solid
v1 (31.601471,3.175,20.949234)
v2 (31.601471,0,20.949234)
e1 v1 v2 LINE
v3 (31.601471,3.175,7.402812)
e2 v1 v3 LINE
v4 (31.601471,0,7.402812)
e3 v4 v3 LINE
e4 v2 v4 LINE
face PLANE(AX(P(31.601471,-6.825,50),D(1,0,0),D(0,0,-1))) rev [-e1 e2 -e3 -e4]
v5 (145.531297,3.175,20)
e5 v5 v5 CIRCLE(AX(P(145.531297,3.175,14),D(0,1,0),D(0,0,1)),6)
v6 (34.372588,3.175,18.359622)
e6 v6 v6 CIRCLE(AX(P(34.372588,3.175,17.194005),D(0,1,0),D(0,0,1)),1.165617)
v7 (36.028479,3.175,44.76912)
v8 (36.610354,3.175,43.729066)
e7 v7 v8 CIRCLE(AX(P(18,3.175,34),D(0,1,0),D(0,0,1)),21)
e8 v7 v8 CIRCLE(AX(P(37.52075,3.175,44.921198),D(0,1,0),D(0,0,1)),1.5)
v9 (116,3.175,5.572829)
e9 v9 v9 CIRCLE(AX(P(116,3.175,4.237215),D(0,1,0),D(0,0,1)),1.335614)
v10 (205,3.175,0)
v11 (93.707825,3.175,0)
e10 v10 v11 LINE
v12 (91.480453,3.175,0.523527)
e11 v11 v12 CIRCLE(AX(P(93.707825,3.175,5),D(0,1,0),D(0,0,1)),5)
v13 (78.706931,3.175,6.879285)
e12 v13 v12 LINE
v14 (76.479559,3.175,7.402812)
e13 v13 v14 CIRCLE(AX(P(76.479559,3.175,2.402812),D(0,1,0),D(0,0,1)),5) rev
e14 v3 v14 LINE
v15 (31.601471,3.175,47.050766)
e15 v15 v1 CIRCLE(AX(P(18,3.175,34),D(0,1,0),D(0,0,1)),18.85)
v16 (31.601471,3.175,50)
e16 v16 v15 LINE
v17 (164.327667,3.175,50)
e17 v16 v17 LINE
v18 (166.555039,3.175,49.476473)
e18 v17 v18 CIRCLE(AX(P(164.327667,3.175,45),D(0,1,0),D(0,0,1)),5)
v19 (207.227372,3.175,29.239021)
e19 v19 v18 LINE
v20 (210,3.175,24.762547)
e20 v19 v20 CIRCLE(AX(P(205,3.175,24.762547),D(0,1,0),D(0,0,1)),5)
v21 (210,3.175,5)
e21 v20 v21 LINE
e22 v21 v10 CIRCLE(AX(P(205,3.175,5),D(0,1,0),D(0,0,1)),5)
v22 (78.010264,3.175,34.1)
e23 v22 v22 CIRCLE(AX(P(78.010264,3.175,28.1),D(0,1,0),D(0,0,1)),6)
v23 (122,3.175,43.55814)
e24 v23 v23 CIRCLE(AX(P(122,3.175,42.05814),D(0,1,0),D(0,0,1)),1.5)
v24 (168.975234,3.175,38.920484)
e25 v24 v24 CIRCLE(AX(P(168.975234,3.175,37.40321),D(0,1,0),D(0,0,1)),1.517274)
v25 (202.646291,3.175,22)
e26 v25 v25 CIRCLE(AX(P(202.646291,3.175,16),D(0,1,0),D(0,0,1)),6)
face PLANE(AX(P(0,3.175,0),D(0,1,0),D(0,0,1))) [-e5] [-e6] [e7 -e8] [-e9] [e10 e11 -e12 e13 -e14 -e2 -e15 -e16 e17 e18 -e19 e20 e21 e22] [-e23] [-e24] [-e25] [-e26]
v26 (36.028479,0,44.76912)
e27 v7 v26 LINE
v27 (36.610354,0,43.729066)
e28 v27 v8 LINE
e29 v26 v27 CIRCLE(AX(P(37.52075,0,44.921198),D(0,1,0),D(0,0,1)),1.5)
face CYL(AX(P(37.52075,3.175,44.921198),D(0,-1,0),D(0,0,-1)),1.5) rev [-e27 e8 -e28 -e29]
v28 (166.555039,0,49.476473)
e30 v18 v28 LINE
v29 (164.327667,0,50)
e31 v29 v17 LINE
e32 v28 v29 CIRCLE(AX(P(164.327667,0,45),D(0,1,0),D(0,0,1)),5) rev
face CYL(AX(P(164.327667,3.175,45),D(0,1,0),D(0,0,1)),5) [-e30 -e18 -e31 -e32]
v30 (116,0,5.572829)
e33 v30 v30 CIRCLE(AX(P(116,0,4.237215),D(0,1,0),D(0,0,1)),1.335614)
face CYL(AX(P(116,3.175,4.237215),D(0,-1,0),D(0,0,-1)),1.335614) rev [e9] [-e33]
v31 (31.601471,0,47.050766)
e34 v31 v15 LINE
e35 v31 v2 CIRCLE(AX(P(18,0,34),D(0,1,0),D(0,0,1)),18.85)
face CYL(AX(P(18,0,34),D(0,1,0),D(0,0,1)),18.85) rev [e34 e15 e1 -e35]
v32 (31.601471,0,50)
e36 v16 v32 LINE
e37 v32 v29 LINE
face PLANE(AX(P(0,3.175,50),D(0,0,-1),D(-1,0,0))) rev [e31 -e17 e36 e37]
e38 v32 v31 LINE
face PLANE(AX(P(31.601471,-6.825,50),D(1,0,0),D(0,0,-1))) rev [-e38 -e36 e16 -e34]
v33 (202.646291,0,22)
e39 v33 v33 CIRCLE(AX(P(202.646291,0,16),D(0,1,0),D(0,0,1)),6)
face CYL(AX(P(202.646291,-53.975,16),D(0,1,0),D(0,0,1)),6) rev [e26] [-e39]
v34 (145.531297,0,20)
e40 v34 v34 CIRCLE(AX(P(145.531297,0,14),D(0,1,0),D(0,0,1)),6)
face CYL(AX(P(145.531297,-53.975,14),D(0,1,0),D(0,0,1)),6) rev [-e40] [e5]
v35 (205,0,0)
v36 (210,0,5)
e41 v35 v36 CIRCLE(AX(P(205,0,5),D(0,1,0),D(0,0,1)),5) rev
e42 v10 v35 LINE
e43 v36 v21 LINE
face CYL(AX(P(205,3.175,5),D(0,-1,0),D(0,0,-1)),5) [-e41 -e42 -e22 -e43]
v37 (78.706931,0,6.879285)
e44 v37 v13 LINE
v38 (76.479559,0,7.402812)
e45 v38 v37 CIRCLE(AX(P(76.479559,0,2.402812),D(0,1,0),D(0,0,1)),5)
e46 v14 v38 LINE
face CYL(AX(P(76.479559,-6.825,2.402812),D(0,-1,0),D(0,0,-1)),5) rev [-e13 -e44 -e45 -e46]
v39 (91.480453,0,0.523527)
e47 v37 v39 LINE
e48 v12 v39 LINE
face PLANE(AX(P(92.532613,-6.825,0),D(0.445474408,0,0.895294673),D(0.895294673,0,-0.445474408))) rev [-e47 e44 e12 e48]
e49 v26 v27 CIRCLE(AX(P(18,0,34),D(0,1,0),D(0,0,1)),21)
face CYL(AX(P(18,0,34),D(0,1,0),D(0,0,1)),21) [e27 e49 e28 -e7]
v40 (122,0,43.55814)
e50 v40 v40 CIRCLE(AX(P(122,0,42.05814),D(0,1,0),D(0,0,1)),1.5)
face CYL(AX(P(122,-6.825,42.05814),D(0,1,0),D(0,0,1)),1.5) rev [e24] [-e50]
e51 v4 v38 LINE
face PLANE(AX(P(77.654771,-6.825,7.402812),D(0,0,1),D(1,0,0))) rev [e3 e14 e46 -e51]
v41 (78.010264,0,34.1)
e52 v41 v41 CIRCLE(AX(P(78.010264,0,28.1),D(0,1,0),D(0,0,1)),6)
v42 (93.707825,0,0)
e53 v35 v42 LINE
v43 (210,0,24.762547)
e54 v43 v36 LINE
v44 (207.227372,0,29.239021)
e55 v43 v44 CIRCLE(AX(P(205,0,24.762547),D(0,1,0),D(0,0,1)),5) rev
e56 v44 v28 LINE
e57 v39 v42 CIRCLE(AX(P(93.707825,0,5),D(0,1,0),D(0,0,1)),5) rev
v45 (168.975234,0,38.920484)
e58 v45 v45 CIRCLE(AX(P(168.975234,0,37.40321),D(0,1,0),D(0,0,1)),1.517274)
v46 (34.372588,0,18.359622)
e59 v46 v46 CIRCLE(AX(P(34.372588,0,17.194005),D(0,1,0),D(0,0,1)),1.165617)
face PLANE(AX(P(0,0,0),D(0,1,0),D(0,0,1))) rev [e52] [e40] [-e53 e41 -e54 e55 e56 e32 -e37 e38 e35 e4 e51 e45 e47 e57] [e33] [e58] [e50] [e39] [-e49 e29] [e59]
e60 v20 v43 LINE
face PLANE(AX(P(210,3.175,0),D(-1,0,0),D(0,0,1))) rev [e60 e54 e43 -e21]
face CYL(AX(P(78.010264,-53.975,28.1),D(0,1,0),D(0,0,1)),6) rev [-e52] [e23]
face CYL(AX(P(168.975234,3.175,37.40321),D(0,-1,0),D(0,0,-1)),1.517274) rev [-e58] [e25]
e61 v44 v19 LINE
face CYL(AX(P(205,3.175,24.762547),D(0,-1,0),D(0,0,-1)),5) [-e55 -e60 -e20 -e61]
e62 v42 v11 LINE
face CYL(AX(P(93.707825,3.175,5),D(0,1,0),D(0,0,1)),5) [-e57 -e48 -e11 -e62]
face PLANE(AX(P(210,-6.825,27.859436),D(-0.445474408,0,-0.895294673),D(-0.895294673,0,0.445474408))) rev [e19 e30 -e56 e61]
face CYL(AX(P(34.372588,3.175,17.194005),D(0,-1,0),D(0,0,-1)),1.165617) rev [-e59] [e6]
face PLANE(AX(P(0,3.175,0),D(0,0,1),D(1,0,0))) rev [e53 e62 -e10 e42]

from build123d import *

# Parameters (mm, degrees)
SKETCH1_W           = 210
SKETCH1_H           = 50
SKETCH1_R           = 1.211665018
SKETCH1_R_2         = 1.165617118
SKETCH1_R_3         = 1.5
SKETCH1_R_4         = 1.517273905
SKETCH1_R_5         = 1.335614121
SKETCH1_R_6         = 1.62438417
BOSS_EXTRUDE1_DEPTH = 3.175
SKETCH2_R           = 2
CUT_EXTRUDE1_DEPTH  = 10
SKETCH3_R           = 6
SKETCH3_R_2         = 0.586995366
CUT_EXTRUDE2_DEPTH  = 57.15
CUT_EXTRUDE7_DEPTH  = 10
FILLET3_R           = 5
SKETCH11_R          = 18.5
SKETCH11_R_2        = 2
BOSS_EXTRUDE4_DEPTH = 3.175
SKETCH12_R          = 21
BOSS_EXTRUDE5_DEPTH = 3.175
SKETCH13_R          = 18.85
CUT_EXTRUDE8_DEPTH  = 3.175
BOSS_EXTRUDE6_DEPTH = 3.175
FILLET4_R           = 5
SKETCH15_R          = 1.5
CUT_EXTRUDE9_DEPTH  = 10
SKETCH16_R          = 1.5
CUT_EXTRUDE10_DEPTH = 10
SKETCH17_R          = 1.5
CUT_EXTRUDE11_DEPTH = 10
CUT_EXTRUDE12_DEPTH = 10


with BuildPart() as part:
    # Sketch1 → Boss-Extrude1 (new body)
    with BuildSketch(Plane(origin=(0, 0, 0), x_dir=(1, 0, 0), z_dir=(0, 1, 0))):
        with Locations((105, -25)):
            Rectangle(SKETCH1_W, SKETCH1_H)
        with Locations(Location((3.489526233, -16.787661112, 0), (0, 0, 270))):
            Circle(SKETCH1_R, mode=Mode.SUBTRACT)
        with Locations(Location((34.37258772, -17.194005245, 0), (0, 0, 270))):
            Circle(SKETCH1_R_2, mode=Mode.SUBTRACT)
        with Locations(Location((37.520749958, -44.921198121, 0), (0, 0, 270))):
            Circle(SKETCH1_R_3, mode=Mode.SUBTRACT)
        with Locations(Location((168.975233936, -37.403209633, 0), (0, 0, 270))):
            Circle(SKETCH1_R_4, mode=Mode.SUBTRACT)
        with Locations(Location((116, -4.237214774, 0), (0, 0, 270))):
            Circle(SKETCH1_R_5, mode=Mode.SUBTRACT)
        with Locations(Location((12.257640281, -3.274812063, 0), (0, 0, 270))):
            Circle(SKETCH1_R_6, mode=Mode.SUBTRACT)
    extrude(amount=BOSS_EXTRUDE1_DEPTH)

    # Sketch2 → Cut-Extrude1 (cut)
    with BuildSketch(Plane(origin=(0, 3.175, 0), x_dir=(1, 0, 0), z_dir=(0, 1, 0))):
        with Locations(Location((10, -26, 0), (0, 0, 270))):
            Circle(SKETCH2_R)
        with Locations(Location((10, -42, 0), (0, 0, 270))):
            Circle(SKETCH2_R)
        with Locations(Location((26, -26, 0), (0, 0, 270))):
            Circle(SKETCH2_R)
        with Locations(Location((26, -42, 0), (0, 0, 270))):
            Circle(SKETCH2_R)
    extrude(amount=-CUT_EXTRUDE1_DEPTH, mode=Mode.SUBTRACT)

    # Sketch3 → Cut-Extrude2 (cut)
    with BuildSketch(Plane(origin=(0, 3.175, 0), x_dir=(1, 0, 0), z_dir=(0, 1, 0))):
        with Locations(Location((78.01026379, -28.1, 0), (0, 0, 270))):
            Circle(SKETCH3_R)
        with Locations(Location((145.531297368, -14, 0), (0, 0, 270))):
            Circle(SKETCH3_R)
        with Locations(Location((18, -34, 0), (0, 0, 270))):
            Circle(SKETCH3_R_2)
        with Locations(Location((202.646291021, -16, 0), (0, 0, 270))):
            Circle(SKETCH3_R)
    extrude(amount=-CUT_EXTRUDE2_DEPTH, mode=Mode.SUBTRACT)

    # Sketch10 → Cut-Extrude7 (cut)
    with BuildSketch(Plane(origin=(0, 3.175, 0), x_dir=(1, 0, 0), z_dir=(0, 1, 0))):
        Polygon((210, -27.859435908), (165.502877994, -50), (210, -50), align=None)
        Polygon((92.532613397, 0), (77.65477062, -7.402812063), (0, -7.402812063), (0, 0), align=None)
    extrude(amount=-CUT_EXTRUDE7_DEPTH, mode=Mode.SUBTRACT)

    # Fillet3
    fillet3_edges = [part.edges().sort_by_distance(p)[0] for p in [
        (210, 1.5875, 0),
        (0, 1.5875, 50),
        (92.532613397, 1.5875, 0),
        (210, 1.5875, 27.859435908),
        (165.502877994, 1.5875, 50),
        (77.65477062, 1.5875, 7.402812063),
        (0, 1.5875, 7.402812063),
    ]]
    fillet(fillet3_edges, radius=FILLET3_R)

    # Sketch11 → Boss-Extrude4 (add)
    with BuildSketch(Plane(origin=(0, 3.175, 0), x_dir=(1, 0, 0), z_dir=(0, 1, 0))):
        with Locations((18, -34)):
            Circle(SKETCH11_R)
        with Locations(Location((10, -26, 0), (0, 0, 270))):
            Circle(SKETCH11_R_2, mode=Mode.SUBTRACT)
        with Locations(Location((10, -42, 0), (0, 0, 270))):
            Circle(SKETCH11_R_2, mode=Mode.SUBTRACT)
        with Locations(Location((26, -26, 0), (0, 0, 270))):
            Circle(SKETCH11_R_2, mode=Mode.SUBTRACT)
        with Locations(Location((26, -42, 0), (0, 0, 270))):
            Circle(SKETCH11_R_2, mode=Mode.SUBTRACT)
    extrude(amount=-BOSS_EXTRUDE4_DEPTH)

    # Sketch12 → Boss-Extrude5 (add)
    with BuildSketch(Plane(origin=(0, 3.175, 0), x_dir=(1, 0, 0), z_dir=(0, 1, 0))):
        with Locations((18, -34)):
            Circle(SKETCH12_R)
    extrude(amount=-BOSS_EXTRUDE5_DEPTH)

    # Sketch13 → Cut-Extrude8 (cut)
    with BuildSketch(Plane(origin=(0, 3.175, 0), x_dir=(1, 0, 0), z_dir=(0, 1, 0))):
        with Locations(Location((18, -34, 0), (0, 0, 270))):
            Circle(SKETCH13_R)
    extrude(amount=-CUT_EXTRUDE8_DEPTH, mode=Mode.SUBTRACT)

    # Sketch14 → Boss-Extrude6 (add)
    with BuildSketch(Plane(origin=(0, 3.175, 0), x_dir=(1, 0, 0), z_dir=(0, 1, 0))):
        with BuildLine():
            Line((-35.83, -34.272812063), (-2.998227868, -34.272812063))
            ThreePointArc((-2.998227868, -34.272812063), (-2.272136238, -28.519079241), (0, -23.183346174))
            Line((0, -23.183346174), (0, -12.402812063))
            Line((0, -12.402812063), (0, -12.248529085))
            Line((0, -12.248529085), (0, 0.727187937))
            Line((0, 0.727187937), (-35.83, 0.727187937))
            Line((-35.83, 0.727187937), (-35.83, -34.272812063))
        make_face()
        with BuildLine():
            Line((0, 0.727187937), (0, -12.248529085))
            Line((0, -12.248529085), (0.002380891, -12.248529085))
            ThreePointArc((0.002380891, -12.248529085), (1.51944077, -8.813145304), (5, -7.402812063))
            Line((5, -7.402812063), (18, -7.402812063))
            Line((18, -7.402812063), (18, 0.727187937))
            Line((18, 0.727187937), (0, 0.727187937))
        make_face()
    extrude(amount=-BOSS_EXTRUDE6_DEPTH)

    # Fillet4
    fillet4_edges = [part.edges().sort_by_distance(p)[0] for p in [
        (-35.83, 1.5875, 34.272812063),
        (-35.83, 1.5875, -0.727187937),
        (18, 1.5875, -0.727187937),
    ]]
    fillet(fillet4_edges, radius=FILLET4_R)

    # Sketch15 → Cut-Extrude9 (cut)
    with BuildSketch(Plane(origin=(0, 3.175, 0), x_dir=(1, 0, 0), z_dir=(0, 1, 0))):
        with Locations(Location((122, -42.058139805, 0), (0, 0, 270))):
            Circle(SKETCH15_R)
    extrude(amount=-CUT_EXTRUDE9_DEPTH, mode=Mode.SUBTRACT)

    # Sketch16 → Cut-Extrude10 (cut)
    with BuildSketch(Plane(origin=(0, 3.175, 0), x_dir=(1, 0, 0), z_dir=(0, 1, 0))):
        with Locations(Location((12, -3.272812063, 0), (0, 0, 270))):
            Circle(SKETCH16_R)
    extrude(amount=-CUT_EXTRUDE10_DEPTH, mode=Mode.SUBTRACT)

    # Sketch17 → Cut-Extrude11 (cut)
    with BuildSketch(Plane(origin=(0, 3.175, 0), x_dir=(1, 0, 0), z_dir=(0, 1, 0))):
        with Locations(Location((-30.83, -15.772812063, 0), (0, 0, 270))):
            Circle(SKETCH17_R)
    extrude(amount=-CUT_EXTRUDE11_DEPTH, mode=Mode.SUBTRACT)

    # Sketch18 → Cut-Extrude12 (cut)
    with BuildSketch(Plane(origin=(0, 3.175, 0), x_dir=(1, 0, 0), z_dir=(0, 1, 0))):
        Polygon((31.601470509, -50), (31.601470509, 19.941328263), (-46.231581419, 19.941328263), (-46.231581419, -56.249580014), (31.601470509, -57.692191912), align=None)
    extrude(amount=-CUT_EXTRUDE12_DEPTH, mode=Mode.SUBTRACT)


solid = part.part
